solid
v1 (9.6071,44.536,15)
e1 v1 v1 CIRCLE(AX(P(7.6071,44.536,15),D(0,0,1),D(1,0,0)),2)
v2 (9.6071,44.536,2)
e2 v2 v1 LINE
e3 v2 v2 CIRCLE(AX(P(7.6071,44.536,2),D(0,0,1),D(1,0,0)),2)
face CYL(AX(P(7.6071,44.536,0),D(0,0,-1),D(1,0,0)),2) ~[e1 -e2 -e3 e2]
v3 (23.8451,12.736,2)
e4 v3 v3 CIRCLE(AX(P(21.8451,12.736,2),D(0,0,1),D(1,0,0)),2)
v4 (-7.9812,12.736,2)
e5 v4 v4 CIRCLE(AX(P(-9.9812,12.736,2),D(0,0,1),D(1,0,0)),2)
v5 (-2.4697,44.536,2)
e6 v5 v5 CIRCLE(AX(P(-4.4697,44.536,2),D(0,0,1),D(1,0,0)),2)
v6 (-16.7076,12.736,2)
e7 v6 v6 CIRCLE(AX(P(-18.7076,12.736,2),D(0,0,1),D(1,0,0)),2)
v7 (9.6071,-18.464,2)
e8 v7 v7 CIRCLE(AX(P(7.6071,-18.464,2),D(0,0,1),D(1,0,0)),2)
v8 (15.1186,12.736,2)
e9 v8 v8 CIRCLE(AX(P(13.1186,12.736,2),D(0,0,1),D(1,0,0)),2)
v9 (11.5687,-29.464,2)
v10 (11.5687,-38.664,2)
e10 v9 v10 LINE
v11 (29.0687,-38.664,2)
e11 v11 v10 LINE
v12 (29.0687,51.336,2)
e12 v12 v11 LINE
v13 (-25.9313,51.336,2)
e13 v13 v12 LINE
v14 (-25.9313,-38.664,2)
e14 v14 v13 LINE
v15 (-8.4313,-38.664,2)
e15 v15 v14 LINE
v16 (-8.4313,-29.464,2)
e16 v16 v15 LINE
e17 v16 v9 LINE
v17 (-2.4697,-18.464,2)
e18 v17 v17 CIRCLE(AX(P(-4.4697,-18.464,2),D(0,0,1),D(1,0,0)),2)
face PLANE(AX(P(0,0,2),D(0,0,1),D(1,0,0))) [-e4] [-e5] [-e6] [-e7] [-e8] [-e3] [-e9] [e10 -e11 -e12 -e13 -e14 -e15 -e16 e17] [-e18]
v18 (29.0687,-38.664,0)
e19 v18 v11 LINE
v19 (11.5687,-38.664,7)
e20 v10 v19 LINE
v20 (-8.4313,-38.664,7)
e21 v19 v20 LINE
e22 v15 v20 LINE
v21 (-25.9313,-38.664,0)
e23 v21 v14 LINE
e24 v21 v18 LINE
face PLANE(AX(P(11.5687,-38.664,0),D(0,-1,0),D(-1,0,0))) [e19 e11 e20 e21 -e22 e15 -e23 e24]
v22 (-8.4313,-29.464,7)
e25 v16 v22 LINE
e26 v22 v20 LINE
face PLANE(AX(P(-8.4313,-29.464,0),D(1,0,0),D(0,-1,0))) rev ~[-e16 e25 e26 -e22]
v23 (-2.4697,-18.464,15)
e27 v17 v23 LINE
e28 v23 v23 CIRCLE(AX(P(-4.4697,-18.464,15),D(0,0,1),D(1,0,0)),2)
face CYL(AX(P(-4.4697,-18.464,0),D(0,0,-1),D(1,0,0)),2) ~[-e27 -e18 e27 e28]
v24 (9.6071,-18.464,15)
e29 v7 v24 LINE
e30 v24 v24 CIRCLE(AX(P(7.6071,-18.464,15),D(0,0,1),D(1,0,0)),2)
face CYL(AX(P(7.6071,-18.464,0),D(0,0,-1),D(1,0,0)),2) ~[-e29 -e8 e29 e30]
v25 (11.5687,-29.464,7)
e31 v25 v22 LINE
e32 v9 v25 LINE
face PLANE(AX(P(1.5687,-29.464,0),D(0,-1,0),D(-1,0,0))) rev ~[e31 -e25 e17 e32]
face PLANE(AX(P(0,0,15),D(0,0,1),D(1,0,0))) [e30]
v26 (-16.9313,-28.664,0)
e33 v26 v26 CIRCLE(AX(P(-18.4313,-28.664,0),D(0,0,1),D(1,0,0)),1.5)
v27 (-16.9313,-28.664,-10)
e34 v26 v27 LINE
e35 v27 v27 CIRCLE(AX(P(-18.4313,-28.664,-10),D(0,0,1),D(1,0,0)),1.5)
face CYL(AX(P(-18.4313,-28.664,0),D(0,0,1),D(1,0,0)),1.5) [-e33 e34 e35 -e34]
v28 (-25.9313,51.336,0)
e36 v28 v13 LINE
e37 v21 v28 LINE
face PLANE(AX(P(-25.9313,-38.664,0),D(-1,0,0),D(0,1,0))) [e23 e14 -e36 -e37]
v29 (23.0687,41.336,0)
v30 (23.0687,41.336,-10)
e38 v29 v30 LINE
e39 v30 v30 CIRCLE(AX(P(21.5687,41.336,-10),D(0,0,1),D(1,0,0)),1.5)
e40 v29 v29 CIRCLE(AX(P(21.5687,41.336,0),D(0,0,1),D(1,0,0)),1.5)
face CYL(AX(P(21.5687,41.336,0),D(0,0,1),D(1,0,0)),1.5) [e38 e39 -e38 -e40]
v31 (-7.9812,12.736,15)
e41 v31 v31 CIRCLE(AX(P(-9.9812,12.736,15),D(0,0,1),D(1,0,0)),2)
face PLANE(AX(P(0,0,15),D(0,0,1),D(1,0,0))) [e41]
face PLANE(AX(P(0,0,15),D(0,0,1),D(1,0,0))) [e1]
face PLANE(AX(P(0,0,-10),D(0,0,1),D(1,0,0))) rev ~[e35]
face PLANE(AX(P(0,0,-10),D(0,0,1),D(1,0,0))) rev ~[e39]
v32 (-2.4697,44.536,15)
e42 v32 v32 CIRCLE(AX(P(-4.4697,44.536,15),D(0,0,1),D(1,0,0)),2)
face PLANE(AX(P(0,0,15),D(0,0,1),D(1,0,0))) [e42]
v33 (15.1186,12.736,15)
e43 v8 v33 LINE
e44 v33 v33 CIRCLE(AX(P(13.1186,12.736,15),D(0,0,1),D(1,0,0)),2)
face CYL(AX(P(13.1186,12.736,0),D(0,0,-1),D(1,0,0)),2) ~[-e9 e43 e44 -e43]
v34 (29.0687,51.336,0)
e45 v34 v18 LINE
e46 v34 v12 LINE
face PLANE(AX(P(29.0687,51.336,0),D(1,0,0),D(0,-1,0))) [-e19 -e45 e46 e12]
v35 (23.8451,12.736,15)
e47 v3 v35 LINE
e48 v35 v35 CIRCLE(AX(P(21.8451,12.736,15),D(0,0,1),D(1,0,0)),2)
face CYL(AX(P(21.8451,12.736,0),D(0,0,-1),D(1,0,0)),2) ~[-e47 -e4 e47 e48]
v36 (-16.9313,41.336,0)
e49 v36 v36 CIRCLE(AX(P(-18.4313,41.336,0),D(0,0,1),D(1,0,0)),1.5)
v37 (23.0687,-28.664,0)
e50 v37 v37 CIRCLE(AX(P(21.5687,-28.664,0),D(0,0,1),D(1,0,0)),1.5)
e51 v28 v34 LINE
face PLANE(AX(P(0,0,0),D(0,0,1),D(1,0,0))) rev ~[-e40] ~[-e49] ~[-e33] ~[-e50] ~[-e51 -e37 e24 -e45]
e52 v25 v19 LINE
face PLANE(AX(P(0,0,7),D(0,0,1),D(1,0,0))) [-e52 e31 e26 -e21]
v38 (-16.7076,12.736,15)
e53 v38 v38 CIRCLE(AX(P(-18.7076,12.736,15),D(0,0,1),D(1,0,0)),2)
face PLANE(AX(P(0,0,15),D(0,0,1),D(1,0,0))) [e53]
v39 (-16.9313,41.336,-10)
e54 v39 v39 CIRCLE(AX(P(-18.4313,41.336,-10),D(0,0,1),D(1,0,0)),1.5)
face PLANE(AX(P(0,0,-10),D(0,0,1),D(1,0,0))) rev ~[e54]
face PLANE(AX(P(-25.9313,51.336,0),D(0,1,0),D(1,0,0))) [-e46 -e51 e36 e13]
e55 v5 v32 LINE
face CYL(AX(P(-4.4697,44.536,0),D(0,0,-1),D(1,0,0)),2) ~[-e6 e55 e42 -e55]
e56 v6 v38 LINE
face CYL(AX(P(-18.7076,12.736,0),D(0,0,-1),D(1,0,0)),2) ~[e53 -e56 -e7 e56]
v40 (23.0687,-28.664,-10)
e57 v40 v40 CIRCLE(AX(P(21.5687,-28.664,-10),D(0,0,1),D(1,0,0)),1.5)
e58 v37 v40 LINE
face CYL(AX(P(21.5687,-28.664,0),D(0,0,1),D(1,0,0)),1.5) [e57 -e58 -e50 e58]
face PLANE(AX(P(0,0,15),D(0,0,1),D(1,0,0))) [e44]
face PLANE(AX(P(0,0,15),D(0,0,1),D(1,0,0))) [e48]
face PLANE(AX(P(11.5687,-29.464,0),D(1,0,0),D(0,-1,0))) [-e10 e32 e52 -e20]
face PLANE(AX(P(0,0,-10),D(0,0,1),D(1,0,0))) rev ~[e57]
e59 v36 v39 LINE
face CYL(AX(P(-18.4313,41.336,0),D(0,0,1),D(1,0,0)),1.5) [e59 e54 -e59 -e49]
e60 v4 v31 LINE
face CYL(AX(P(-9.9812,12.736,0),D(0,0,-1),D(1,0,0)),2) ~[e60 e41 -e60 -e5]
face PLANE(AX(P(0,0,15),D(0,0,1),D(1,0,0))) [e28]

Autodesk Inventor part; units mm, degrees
ref_plane "YZ Plane" through (0, 0, 0) normal (1, 0, 0) x (0, 1, 0)
ref_plane "XZ Plane" through (0, 0, 0) normal (0, 1, 0) x (-1, 0, 0)
ref_plane "XY Plane" through (0, 0, 0) normal (0, 0, 1) x (1, 0, 0)
sketch "Sketch1" plane through (0, 0, 0) normal (0, 0, 1) x (1, 0, 0)
  line L0 (-25.9313, 51.336) -> (29.0687, 51.336)
  line L1 (29.0687, 51.336) -> (29.0687, -38.664)
  line L2 (29.0687, -38.664) -> (-25.9313, -38.664)
  line L3 (-25.9313, -38.664) -> (-25.9313, 51.336)
  circle A0 centre (-4.4697, 44.536) radius 2
  circle A1 centre (-18.7076, 12.736) radius 2
  circle A2 centre (-9.9812, 12.736) radius 2
  circle A3 centre (-4.4697, -18.464) radius 2
  line L4 (1.5687, -29.464) -> (-8.4313, -29.464)
  line L5 (-8.4313, -29.464) -> (-8.4313, -38.664)
  circle A4 centre (7.6071, 44.536) radius 2
  circle A5 centre (21.8451, 12.736) radius 2
  circle A6 centre (13.1186, 12.736) radius 2
  circle A7 centre (7.6071, -18.464) radius 2
  line L6 (1.5687, -29.464) -> (11.5687, -29.464)
  line L7 (11.5687, -29.464) -> (11.5687, -38.664)
  circle A8 centre (21.5687, 41.336) radius 1.5
  circle A9 centre (-18.4313, 41.336) radius 1.5
  circle A10 centre (21.5687, -28.664) radius 1.5
  circle A11 centre (-18.4313, -28.664) radius 1.5
  point P0 (0, 0)
  point P1 (3.1375, 0)
  dimension "d0" = 55
  dimension "d1" = 90
  dimension "d2" = 4
  dimension "d3" = 6.8
  dimension "d4" = 4
  dimension "d5" = 4
  dimension "d6" = 38.6
  dimension "d7" = 38.6
  dimension "d8" = 4
  dimension "d9" = 69.8
  dimension "d10" = 10
  dimension "d11" = 80.8
  dimension "d18" = 3
  dimension "d19" = 7.5
  dimension "d20" = 10
  dimension "d21" = 3
  dimension "d22" = 10
  dimension "d23" = 7.5
  dimension "d24" = 3
  dimension "d25" = 7.5
  dimension "d26" = 10
  dimension "d27" = 3
  dimension "d28" = 7.5
  dimension "d29" = 10
extrude "Extrusion1" add sketch "Sketch1" along normal blind 2 contours L0 L1 L2 L7 L6 L4 L5 L3 | A8 | A9 | A10 | A11
extrude "Extrusion2" add sketch "Sketch1" along normal blind 15 contours A0 | A1 | A2 | A3 | A4 | A5 | A6 | A7
extrude "Extrusion3" add sketch "Sketch1" along normal blind 7 contours L5 L4 L6 L7 L2
extrude "Extrusion4" add sketch "Sketch1" against normal blind 10 contours A8
extrude "Extrusion5" add sketch "Sketch1" against normal blind 10 contours A9
extrude "Extrusion6" add sketch "Sketch1" against normal blind 10 contours A10 | A11
properties part number "line sensor"
